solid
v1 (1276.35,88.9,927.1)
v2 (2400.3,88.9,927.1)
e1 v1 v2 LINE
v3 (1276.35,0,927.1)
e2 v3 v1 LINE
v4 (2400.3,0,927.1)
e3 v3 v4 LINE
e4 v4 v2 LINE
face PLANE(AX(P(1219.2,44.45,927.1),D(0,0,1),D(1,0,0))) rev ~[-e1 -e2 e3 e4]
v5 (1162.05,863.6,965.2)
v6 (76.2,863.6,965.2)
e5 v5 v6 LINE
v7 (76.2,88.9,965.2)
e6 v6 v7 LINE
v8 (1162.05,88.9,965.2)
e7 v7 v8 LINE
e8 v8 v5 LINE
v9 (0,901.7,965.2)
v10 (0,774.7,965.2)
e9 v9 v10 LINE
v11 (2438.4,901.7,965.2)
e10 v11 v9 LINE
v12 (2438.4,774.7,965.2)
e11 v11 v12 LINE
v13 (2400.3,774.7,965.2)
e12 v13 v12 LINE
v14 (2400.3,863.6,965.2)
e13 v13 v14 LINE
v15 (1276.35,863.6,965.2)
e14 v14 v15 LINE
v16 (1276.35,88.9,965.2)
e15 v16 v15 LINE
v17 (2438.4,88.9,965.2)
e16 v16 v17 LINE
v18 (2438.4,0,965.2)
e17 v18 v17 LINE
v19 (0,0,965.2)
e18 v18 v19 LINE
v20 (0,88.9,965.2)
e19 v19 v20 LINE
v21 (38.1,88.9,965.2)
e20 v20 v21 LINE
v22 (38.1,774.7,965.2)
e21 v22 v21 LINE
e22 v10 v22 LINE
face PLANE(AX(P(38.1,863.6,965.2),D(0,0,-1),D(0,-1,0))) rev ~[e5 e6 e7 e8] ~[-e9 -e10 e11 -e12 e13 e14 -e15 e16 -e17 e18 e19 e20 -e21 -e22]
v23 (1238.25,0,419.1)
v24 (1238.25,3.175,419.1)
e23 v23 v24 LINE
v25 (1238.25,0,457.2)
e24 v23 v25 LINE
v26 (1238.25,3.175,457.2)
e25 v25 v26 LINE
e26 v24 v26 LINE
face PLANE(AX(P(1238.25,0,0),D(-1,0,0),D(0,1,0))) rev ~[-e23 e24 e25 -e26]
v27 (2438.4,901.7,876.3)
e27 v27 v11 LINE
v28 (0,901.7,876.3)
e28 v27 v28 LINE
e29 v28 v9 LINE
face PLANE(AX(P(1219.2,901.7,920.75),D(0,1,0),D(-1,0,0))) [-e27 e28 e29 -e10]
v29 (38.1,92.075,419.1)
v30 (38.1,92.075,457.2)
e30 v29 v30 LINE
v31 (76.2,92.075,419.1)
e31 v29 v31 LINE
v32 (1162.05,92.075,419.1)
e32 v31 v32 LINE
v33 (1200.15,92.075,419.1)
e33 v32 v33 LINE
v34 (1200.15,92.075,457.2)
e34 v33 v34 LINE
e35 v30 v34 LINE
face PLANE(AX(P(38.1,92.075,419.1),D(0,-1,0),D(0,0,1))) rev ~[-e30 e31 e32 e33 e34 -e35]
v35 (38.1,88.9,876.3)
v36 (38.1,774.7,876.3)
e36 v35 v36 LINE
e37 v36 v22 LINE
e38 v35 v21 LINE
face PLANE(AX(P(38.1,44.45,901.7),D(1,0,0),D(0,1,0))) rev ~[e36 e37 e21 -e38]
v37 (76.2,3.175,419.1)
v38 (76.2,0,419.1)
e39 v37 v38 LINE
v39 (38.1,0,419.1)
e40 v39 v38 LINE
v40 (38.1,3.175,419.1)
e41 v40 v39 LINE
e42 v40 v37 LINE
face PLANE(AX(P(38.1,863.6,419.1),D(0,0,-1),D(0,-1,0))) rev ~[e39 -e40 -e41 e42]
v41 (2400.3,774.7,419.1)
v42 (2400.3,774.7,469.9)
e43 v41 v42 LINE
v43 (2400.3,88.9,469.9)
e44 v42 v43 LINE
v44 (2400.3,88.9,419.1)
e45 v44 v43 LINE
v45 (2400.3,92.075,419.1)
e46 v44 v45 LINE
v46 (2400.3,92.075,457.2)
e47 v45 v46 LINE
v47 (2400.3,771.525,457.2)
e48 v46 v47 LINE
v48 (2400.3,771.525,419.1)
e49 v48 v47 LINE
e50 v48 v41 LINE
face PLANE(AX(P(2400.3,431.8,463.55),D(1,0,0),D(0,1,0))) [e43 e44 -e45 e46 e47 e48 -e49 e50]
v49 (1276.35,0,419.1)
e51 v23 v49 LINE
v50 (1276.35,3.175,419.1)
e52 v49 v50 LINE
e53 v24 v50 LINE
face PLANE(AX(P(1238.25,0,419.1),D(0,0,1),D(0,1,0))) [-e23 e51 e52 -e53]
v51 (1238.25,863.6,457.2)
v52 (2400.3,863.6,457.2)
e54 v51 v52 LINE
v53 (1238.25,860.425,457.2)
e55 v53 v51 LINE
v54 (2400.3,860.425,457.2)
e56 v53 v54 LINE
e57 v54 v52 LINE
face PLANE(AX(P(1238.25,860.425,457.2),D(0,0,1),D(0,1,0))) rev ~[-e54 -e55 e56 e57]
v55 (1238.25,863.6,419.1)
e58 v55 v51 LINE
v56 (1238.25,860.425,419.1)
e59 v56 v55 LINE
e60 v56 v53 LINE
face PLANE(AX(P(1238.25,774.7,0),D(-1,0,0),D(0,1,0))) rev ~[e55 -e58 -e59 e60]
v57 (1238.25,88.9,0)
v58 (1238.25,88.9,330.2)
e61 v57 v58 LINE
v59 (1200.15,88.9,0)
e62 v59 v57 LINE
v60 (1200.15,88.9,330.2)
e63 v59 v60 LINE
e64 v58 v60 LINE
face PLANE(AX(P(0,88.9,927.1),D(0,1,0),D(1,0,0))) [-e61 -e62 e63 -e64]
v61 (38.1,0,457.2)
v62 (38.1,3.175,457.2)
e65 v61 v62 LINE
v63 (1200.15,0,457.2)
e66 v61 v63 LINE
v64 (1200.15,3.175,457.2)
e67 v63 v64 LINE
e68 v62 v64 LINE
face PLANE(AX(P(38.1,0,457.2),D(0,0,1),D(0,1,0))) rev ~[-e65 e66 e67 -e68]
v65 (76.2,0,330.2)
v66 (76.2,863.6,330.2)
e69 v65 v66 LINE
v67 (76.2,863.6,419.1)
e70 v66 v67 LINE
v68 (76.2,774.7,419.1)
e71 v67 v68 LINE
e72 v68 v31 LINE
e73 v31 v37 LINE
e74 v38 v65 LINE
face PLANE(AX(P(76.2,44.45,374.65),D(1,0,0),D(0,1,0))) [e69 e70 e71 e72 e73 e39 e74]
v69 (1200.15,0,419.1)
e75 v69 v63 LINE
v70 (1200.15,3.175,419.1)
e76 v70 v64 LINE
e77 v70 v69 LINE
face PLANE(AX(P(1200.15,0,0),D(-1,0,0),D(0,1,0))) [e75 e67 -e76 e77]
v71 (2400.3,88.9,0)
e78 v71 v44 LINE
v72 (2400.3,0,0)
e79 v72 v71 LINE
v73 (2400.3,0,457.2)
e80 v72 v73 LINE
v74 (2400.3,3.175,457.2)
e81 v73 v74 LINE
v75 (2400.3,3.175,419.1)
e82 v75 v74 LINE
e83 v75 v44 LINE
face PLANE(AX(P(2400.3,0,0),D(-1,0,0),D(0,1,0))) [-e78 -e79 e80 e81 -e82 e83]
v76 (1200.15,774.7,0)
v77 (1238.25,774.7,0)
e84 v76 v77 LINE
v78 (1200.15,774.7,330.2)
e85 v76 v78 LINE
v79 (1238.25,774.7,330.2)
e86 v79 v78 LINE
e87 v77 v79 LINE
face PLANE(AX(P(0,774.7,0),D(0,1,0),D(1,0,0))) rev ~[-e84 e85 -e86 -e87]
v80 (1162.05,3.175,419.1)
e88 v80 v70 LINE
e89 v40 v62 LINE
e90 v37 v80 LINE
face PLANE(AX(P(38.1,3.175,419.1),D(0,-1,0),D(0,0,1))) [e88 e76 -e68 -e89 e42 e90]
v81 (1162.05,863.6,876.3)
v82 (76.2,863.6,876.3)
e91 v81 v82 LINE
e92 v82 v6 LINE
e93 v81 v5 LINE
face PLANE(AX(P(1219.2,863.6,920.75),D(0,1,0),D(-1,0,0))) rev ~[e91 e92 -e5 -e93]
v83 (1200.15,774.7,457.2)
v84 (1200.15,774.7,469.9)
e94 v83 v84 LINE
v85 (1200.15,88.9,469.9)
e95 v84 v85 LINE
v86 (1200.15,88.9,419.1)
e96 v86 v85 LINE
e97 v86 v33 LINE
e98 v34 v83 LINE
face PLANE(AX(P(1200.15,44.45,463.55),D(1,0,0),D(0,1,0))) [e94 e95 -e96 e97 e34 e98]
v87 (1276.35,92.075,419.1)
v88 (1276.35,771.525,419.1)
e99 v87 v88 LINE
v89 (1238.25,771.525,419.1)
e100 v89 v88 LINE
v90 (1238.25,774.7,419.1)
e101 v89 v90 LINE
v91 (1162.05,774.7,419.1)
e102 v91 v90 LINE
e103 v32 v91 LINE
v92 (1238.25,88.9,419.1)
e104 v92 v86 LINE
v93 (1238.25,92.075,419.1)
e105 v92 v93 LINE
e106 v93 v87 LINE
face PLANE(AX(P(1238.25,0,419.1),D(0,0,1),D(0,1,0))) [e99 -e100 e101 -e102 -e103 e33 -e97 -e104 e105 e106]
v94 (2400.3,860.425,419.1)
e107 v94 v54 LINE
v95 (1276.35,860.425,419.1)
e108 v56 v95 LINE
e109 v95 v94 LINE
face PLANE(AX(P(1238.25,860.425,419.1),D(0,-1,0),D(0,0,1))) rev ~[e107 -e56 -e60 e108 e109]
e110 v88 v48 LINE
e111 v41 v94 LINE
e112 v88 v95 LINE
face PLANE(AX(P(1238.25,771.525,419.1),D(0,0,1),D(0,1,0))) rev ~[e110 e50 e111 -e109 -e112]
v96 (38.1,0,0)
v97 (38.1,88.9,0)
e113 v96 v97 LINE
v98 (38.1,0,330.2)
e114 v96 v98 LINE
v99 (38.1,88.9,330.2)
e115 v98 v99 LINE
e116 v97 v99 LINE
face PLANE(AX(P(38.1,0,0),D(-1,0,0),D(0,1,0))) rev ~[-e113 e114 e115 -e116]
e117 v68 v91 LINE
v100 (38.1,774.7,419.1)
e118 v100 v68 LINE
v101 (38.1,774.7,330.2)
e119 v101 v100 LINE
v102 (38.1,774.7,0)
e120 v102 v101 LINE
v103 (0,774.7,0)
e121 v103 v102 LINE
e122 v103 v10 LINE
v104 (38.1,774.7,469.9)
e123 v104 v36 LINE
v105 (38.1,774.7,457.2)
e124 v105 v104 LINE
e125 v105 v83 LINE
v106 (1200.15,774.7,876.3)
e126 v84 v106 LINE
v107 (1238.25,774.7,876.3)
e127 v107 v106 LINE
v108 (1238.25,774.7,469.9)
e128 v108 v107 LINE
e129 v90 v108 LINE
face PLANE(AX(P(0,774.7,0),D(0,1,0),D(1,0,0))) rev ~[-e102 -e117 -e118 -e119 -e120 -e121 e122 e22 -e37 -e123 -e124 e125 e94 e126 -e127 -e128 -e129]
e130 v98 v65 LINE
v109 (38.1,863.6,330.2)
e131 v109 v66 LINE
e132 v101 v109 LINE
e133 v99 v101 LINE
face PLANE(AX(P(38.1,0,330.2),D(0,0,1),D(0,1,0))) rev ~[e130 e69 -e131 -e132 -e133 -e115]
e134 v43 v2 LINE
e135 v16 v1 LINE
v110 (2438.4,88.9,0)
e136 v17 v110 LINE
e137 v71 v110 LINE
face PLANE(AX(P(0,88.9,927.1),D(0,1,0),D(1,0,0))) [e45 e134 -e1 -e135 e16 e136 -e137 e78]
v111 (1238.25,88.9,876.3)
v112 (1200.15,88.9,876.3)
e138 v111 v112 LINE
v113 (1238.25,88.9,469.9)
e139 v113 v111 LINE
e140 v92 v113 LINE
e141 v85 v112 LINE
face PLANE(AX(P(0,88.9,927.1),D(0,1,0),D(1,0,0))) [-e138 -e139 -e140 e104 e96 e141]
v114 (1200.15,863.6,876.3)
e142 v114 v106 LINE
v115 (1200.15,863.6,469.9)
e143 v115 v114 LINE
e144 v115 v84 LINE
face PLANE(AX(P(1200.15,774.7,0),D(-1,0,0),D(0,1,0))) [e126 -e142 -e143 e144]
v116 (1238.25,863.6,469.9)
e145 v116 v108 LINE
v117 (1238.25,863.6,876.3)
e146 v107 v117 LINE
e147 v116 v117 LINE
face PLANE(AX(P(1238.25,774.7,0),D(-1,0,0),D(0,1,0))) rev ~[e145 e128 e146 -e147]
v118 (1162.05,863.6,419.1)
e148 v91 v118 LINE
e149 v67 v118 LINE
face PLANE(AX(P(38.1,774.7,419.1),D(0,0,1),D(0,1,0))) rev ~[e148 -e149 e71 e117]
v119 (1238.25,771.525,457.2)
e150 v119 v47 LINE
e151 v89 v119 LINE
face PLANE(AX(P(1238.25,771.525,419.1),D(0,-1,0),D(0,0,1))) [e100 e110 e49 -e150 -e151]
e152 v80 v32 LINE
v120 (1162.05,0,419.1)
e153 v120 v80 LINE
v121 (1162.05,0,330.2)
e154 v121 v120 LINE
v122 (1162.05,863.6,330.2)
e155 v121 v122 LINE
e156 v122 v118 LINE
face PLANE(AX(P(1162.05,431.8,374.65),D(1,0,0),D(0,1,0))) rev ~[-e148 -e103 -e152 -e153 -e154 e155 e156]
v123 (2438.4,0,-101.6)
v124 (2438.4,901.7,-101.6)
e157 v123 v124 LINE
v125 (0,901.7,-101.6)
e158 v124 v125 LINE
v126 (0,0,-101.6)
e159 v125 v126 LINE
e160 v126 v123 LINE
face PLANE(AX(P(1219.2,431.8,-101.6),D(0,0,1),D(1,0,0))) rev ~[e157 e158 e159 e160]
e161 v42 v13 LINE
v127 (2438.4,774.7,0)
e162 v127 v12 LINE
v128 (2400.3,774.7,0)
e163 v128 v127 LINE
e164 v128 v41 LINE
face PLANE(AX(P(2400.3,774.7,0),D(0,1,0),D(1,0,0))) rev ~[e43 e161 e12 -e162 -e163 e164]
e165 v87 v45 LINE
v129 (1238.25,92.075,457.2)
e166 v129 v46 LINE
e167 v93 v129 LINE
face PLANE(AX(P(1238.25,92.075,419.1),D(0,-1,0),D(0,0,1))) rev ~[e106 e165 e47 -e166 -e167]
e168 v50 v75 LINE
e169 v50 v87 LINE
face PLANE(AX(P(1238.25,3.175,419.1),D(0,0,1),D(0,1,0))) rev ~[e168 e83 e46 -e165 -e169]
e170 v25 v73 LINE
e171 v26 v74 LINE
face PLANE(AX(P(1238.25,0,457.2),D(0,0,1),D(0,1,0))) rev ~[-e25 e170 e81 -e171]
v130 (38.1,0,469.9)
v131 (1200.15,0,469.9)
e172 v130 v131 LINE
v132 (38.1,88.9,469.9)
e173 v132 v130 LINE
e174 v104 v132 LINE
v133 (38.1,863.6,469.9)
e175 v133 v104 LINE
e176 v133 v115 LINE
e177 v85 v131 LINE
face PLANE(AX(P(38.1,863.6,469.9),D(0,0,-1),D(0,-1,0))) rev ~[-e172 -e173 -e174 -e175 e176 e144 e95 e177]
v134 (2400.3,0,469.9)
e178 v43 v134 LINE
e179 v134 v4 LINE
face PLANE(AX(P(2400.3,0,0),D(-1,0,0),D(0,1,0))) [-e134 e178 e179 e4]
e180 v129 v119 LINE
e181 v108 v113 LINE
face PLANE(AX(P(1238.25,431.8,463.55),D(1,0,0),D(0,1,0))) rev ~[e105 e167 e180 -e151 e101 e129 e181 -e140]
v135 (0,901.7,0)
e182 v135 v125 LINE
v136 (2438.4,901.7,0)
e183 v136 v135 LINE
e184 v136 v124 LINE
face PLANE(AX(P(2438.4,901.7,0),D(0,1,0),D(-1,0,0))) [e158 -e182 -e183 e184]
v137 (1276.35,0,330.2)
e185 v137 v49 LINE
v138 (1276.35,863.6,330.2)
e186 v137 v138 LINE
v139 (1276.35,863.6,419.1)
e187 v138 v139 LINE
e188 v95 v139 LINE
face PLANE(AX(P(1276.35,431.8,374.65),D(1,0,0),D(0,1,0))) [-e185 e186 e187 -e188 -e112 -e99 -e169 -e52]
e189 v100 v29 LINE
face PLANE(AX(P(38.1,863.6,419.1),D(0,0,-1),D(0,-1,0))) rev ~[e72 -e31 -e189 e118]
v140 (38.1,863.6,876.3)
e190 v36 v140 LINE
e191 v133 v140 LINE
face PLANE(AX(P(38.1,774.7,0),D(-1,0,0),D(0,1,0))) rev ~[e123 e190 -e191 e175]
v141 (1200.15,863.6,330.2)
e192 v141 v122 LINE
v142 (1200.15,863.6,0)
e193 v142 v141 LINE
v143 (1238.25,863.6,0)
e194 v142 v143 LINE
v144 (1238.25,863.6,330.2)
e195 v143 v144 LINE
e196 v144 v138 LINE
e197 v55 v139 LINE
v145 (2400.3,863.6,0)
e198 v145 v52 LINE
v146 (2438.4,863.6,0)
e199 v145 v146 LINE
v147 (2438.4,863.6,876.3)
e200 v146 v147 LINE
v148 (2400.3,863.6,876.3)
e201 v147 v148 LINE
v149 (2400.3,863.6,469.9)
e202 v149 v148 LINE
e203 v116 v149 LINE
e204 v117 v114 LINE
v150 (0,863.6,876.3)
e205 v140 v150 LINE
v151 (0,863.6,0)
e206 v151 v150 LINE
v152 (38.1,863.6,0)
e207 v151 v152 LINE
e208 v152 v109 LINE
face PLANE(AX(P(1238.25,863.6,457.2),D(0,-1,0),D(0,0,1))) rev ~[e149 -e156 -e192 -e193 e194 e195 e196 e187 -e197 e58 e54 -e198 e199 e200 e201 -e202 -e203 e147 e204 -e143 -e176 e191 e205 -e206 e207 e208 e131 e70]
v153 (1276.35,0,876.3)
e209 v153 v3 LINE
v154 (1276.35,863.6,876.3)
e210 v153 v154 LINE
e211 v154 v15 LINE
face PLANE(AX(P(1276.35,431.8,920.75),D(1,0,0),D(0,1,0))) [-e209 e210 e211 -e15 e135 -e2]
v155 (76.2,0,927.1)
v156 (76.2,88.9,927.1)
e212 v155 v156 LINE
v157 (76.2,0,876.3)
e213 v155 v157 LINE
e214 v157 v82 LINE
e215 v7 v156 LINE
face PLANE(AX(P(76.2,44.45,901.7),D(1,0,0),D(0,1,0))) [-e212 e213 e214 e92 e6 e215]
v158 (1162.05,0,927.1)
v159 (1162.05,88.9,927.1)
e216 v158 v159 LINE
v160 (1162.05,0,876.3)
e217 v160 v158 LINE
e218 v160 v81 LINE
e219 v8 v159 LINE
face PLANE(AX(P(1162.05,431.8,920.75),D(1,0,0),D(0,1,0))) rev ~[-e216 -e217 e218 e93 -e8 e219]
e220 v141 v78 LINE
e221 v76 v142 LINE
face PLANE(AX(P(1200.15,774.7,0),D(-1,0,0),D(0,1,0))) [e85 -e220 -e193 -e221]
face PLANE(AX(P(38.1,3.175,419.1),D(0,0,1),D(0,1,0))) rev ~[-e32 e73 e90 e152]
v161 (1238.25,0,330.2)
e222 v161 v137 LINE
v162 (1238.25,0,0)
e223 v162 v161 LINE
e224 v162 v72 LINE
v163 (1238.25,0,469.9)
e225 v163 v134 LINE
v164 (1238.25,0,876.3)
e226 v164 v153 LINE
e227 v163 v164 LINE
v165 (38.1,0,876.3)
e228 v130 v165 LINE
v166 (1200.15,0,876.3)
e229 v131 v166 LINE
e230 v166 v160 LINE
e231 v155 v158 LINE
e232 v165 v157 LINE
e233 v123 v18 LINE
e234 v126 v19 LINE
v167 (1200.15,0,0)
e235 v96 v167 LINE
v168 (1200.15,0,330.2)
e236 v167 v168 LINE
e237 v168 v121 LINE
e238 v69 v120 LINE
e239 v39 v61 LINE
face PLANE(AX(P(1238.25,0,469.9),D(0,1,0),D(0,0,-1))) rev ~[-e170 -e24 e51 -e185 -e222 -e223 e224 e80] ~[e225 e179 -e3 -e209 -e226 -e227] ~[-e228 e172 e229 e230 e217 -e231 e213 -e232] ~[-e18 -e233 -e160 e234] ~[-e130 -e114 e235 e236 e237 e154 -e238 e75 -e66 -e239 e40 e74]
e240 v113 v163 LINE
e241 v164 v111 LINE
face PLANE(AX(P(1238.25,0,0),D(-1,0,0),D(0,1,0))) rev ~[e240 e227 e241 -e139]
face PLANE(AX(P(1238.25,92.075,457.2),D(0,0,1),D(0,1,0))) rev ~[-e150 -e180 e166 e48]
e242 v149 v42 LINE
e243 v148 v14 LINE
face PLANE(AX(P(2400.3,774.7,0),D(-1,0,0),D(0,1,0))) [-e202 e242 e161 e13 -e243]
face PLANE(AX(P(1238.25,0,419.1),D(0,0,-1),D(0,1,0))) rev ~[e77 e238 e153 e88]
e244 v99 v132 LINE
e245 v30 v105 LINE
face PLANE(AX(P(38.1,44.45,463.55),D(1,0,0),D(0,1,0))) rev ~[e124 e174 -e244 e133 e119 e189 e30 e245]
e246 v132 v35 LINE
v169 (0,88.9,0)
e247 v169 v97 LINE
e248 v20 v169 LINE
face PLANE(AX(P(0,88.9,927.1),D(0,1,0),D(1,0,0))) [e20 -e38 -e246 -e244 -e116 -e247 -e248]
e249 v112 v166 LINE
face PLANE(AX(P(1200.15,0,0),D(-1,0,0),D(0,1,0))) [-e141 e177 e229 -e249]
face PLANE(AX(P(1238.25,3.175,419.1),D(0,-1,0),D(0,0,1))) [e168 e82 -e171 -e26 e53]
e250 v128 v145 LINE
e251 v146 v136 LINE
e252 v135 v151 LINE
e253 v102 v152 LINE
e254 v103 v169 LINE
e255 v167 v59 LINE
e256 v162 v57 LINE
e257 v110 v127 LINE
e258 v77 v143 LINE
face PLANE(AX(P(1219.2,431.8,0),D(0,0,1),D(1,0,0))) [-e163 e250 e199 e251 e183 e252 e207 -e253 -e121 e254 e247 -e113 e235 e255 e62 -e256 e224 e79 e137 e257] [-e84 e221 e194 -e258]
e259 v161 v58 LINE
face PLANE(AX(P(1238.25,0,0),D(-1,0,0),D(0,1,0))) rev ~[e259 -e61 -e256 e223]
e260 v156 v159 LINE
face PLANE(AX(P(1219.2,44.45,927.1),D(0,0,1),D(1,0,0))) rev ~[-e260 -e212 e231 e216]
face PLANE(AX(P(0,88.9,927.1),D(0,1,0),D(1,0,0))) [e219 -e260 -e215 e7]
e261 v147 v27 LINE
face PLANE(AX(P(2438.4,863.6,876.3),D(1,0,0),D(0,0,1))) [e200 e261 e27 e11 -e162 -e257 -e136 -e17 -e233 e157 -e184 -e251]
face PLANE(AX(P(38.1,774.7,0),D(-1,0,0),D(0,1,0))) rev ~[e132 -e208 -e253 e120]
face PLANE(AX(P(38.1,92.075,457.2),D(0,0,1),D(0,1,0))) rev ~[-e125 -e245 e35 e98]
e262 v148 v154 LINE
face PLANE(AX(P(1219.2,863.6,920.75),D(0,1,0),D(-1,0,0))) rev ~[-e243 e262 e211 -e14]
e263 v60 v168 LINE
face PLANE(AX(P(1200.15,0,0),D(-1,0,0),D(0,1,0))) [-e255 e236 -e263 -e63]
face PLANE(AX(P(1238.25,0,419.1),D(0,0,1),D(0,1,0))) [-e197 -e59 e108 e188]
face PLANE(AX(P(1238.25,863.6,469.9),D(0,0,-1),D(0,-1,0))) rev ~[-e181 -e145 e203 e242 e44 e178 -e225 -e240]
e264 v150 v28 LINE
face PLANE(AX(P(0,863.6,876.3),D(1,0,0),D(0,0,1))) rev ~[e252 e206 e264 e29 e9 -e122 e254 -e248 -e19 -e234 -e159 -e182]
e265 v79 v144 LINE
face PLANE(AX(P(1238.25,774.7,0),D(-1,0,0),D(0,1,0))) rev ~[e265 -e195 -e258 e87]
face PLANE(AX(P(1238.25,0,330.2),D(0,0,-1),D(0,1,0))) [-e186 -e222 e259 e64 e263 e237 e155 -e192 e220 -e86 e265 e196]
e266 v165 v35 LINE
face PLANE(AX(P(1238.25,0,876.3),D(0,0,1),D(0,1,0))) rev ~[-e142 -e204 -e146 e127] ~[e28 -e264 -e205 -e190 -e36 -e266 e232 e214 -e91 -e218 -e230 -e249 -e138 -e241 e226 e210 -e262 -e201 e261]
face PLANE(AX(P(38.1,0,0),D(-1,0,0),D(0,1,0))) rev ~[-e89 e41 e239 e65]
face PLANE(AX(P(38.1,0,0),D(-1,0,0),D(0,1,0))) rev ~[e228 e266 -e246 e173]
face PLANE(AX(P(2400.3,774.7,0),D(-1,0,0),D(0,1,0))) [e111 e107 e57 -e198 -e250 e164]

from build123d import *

# Parameters (mm, degrees)
F0_W           = 38.1
F0_H           = 88.9
F1_DEPTH       = 101.6
F2_DEPTH       = 927.1
F3_W           = 2438.4
F3_H           = 88.9
F4_DEPTH       = 38.1
F5_DEPTH       = 965.2
F6_W           = 2438.4
F6_H           = 88.9
F7_DEPTH       = 38.1
F8_W           = 88.9
F8_H           = 50.8
F9_DEPTH       = 38.1
F8_H_2         = 38.1
F8_W_2         = 3.175
F8_W_3         = 85.725
F10_DEPTH      = 1162.05
F11_W          = 863.6
F11_H          = 88.9
F12_DEPTH      = 38.1
F12_DEPTH_BACK = 76.2
F13_W          = 88.9
F13_H          = 38.1
F14_DEPTH      = 1162.05


with BuildPart() as f1:
    # F0 (on Top) → F1 (new body)
    with BuildSketch(Plane.XY):
        Polygon((38.1, 88.9), (38.1, 0), (1200.15, 0), (1200.15, 88.9), (1238.25, 88.9), (1238.25, 0), (2400.3, 0), (2400.3, 88.9), (2438.4, 88.9), (2438.4, 774.7), (2400.3, 774.7), (2400.3, 863.6), (1238.25, 863.6), (1238.25, 774.7), (1200.15, 774.7), (1200.15, 863.6), (38.1, 863.6), (38.1, 774.7), (0, 774.7), (0, 88.9), align=None)
        with Locations((19.05, 819.15)):
            Rectangle(F0_W, F0_H)
        with Locations((1219.2, 819.15)):
            Rectangle(F0_W, F0_H)
        with Locations((2419.35, 819.15)):
            Rectangle(F0_W, F0_H)
        with Locations((2419.35, 44.45)):
            Rectangle(F0_W, F0_H)
        with Locations((1219.2, 44.45)):
            Rectangle(F0_W, F0_H)
        with Locations((19.05, 44.45)):
            Rectangle(F0_W, F0_H)
        Polygon((0, 901.7), (0, 863.6), (38.1, 863.6), (1200.15, 863.6), (1238.25, 863.6), (2400.3, 863.6), (2438.4, 863.6), (2438.4, 901.7), align=None)
    extrude(amount=-F1_DEPTH)

    # F0 (on Top) → F2 (join)
    with BuildSketch(Plane.XY):
        with Locations((19.05, 44.45)):
            Rectangle(F0_W, F0_H)
        with Locations((2419.35, 44.45)):
            Rectangle(F0_W, F0_H)
        with Locations((1219.2, 44.45)):
            Rectangle(F0_W, F0_H)
    extrude(amount=F2_DEPTH)

    # F3 (on face) → F4 (join)
    with BuildSketch(Plane.XY.offset(927.1)):
        with Locations((1219.2, 44.45)):
            Rectangle(F3_W, F3_H)
    extrude(amount=F4_DEPTH)

    # F0 (on Top) → F5 (join)
    with BuildSketch(Plane.XY):
        with Locations((19.05, 819.15)):
            Rectangle(F0_W, F0_H)
        with Locations((1219.2, 819.15)):
            Rectangle(F0_W, F0_H)
        with Locations((2419.35, 819.15)):
            Rectangle(F0_W, F0_H)
    extrude(amount=F5_DEPTH)

    # F6 (on face) → F7 (join)
    with BuildSketch(Plane(origin=(0, 863.6, 0), x_dir=(-1, 0, 0), z_dir=(0, 1, 0))):
        with Locations((-1219.2, 920.75)):
            Rectangle(F6_W, F6_H)
    extrude(amount=F7_DEPTH)

    # F8 (on face) → F9 (join)
    with BuildSketch(Plane.YZ.offset(38.1)):
        with Locations((44.45, 901.7)):
            Rectangle(F8_W, F8_H)
        Polygon((863.6, 965.2), (0, 965.2), (0, 927.1), (88.9, 927.1), (88.9, 876.3), (863.6, 876.3), align=None)
        Polygon((3.175, 419.1), (0, 419.1), (0, 330.2), (88.9, 330.2), (88.9, 419.1), align=None)
        Polygon((92.075, 419.1), (88.9, 419.1), (88.9, 330.2), (863.6, 330.2), (863.6, 419.1), (774.7, 419.1), align=None)
    extrude(amount=F9_DEPTH)

    # F8 (on face) → F10 (join, through all)
    with BuildSketch(Plane.YZ.offset(38.1)):
        Polygon((88.9, 469.9), (0, 469.9), (0, 457.2), (3.175, 457.2), (88.9, 457.2), align=None)
        Polygon((863.6, 469.9), (88.9, 469.9), (88.9, 457.2), (92.075, 457.2), (774.7, 457.2), (863.6, 457.2), align=None)
        with Locations((819.15, 438.15)):
            Rectangle(F8_W, F8_H_2)
        with Locations((90.4875, 438.15)):
            Rectangle(F8_W_2, F8_H_2)
        with Locations((46.0375, 438.15)):
            Rectangle(F8_W_3, F8_H_2)
    extrude(amount=F10_DEPTH)

    # F11 (on face) → F12 (join, two sides)
    with BuildSketch(Plane.YZ.offset(1238.25)) as f12_sk:
        with Locations((431.8, 920.75)):
            Rectangle(F11_W, F11_H)
        with Locations((431.8, 374.65)):
            Rectangle(F11_W, F11_H)
    extrude(amount=F12_DEPTH)
    extrude(f12_sk.sketch, amount=-F12_DEPTH_BACK)

    # F13 (on face) → F14 (join, through all)
    with BuildSketch(Plane.YZ.offset(1238.25)):
        Polygon((863.6, 469.9), (0, 469.9), (0, 457.2), (3.175, 457.2), (92.075, 457.2), (771.525, 457.2), (860.425, 457.2), (863.6, 457.2), align=None)
        with Locations((47.625, 438.15)):
            Rectangle(F13_W, F13_H)
        with Locations((815.975, 438.15)):
            Rectangle(F13_W, F13_H)
    extrude(amount=F14_DEPTH)


solid = f1.part
